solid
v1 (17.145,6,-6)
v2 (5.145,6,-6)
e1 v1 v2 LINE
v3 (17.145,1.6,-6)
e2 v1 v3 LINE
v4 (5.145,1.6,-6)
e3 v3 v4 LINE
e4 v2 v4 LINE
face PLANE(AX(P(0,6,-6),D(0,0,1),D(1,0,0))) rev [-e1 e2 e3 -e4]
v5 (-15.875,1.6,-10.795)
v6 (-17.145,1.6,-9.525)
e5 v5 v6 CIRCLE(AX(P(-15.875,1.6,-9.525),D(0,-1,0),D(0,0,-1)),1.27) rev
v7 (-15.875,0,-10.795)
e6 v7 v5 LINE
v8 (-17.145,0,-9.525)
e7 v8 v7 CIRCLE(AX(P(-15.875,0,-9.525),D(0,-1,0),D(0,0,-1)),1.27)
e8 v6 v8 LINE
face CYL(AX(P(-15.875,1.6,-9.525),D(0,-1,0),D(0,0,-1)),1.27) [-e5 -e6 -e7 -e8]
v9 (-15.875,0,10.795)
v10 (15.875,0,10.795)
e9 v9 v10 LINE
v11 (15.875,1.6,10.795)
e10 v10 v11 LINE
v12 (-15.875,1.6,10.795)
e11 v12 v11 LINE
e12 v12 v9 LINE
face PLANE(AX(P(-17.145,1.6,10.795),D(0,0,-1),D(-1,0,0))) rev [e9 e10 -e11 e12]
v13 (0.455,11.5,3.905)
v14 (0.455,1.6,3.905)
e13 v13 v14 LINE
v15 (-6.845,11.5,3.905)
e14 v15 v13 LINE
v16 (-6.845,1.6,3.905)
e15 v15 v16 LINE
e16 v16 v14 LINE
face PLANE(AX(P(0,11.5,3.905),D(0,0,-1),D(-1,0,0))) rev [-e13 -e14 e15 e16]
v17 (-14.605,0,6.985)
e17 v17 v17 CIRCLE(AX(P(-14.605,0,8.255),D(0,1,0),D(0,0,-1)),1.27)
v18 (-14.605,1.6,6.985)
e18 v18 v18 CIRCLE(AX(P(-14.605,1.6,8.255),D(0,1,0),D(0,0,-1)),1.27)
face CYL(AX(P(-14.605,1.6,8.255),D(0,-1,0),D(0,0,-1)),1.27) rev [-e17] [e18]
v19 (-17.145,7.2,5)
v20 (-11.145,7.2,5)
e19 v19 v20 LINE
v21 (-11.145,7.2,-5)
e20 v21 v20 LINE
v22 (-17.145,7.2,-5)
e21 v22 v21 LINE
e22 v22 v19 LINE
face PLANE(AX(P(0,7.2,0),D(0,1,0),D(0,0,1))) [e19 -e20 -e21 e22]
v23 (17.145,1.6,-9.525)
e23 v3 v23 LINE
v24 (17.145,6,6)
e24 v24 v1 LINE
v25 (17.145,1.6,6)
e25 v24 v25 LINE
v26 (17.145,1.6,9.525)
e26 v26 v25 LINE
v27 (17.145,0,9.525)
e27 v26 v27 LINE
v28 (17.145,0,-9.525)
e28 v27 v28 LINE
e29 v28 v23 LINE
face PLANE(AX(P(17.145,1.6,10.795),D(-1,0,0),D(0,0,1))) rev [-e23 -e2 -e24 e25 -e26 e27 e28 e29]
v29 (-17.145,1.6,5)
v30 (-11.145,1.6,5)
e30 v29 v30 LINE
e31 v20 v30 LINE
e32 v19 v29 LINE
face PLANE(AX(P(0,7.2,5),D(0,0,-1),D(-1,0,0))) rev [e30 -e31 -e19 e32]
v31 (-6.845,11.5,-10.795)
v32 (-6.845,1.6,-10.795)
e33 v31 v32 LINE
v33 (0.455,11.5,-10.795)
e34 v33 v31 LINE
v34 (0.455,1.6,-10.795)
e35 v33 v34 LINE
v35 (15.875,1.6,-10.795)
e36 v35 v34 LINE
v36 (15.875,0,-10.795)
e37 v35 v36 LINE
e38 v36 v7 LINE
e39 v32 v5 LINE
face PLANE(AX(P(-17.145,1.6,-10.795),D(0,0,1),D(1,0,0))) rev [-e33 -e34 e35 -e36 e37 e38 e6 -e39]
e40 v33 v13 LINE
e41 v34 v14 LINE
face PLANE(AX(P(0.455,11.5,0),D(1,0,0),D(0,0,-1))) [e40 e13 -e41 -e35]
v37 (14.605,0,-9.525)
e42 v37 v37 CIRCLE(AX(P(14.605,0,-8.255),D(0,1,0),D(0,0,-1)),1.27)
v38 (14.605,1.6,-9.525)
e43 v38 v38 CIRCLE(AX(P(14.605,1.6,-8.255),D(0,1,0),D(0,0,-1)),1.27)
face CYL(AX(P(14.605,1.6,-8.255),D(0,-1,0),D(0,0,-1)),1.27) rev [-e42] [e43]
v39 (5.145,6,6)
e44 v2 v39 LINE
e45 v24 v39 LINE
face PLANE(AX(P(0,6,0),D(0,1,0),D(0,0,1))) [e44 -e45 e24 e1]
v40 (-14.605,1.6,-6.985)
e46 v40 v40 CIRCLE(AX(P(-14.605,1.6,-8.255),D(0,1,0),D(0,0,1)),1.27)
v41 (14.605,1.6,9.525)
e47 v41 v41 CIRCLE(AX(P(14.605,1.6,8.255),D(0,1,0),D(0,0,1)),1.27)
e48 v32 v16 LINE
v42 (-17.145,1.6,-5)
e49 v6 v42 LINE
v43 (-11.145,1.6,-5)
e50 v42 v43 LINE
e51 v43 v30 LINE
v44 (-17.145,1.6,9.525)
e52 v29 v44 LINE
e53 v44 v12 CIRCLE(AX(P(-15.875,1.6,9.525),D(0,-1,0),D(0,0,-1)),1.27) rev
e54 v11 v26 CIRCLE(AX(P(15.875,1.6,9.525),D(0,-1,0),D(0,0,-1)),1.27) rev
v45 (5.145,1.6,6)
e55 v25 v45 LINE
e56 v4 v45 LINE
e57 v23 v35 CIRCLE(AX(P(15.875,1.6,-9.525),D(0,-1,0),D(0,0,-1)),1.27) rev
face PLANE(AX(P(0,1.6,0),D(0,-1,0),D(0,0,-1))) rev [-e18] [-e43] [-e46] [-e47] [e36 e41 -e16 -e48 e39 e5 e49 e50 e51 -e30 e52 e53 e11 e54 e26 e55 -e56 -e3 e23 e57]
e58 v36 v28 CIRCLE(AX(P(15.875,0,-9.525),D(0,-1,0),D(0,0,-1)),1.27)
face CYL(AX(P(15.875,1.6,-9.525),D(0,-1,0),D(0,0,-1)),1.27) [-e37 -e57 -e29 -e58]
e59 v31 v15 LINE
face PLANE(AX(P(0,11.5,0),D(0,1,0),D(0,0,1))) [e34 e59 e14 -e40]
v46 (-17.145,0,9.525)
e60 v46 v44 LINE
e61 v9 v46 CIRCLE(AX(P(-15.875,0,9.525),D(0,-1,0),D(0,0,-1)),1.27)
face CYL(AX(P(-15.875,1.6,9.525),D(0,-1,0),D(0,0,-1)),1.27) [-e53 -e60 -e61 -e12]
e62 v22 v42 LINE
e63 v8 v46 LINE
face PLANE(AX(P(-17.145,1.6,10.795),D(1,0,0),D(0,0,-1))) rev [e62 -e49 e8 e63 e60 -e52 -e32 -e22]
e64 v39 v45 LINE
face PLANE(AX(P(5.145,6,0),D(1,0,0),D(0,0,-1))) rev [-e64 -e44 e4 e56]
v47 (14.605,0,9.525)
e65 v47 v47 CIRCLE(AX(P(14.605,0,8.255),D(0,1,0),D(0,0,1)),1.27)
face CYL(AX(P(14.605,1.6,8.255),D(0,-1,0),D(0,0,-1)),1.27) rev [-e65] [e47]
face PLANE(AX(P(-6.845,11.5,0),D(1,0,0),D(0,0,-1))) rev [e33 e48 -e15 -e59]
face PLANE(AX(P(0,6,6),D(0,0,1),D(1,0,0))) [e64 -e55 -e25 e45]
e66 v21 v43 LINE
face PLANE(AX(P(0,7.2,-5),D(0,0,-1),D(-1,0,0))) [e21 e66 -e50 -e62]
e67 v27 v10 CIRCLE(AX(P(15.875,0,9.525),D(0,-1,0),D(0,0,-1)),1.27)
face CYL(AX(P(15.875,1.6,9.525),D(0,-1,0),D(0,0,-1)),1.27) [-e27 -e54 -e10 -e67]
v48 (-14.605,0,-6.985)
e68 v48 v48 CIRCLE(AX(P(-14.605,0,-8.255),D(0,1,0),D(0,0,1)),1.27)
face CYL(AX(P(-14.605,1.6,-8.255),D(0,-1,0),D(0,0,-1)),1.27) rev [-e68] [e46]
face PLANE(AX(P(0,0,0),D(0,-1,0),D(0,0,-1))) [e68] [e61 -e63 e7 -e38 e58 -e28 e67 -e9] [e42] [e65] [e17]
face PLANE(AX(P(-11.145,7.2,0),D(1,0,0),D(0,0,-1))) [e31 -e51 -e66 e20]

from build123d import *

# Parameters (mm, degrees)
SKETCH2_W                 = 34.29
SKETCH2_H                 = 21.59
SKETCH2_R                 = 1.27
PCB_DEPTH                 = 1.6
FILLET1_R                 = 1.27
SKETCH3_W                 = 6
SKETCH3_H                 = 10
CONTROL_CONNECTOR_DEPTH   = 5.6
SKETCH3_3_W               = 12
SKETCH3_3_H               = 12
ELECTRODE_CONNECTOR_DEPTH = 4.4
SKETCH3_4_W               = 7.3
SKETCH3_4_H               = 14.7
RELAY_DEPTH               = 9.9


with BuildPart() as part:
    # Sketch2 → PCB (new body)
    with BuildSketch(Plane(origin=(0, 0, 0), x_dir=(1, 0, 0), z_dir=(0, 1, 0))):
        Rectangle(SKETCH2_W, SKETCH2_H)
        with Locations((-14.605, 8.255)):
            Circle(SKETCH2_R, mode=Mode.SUBTRACT)
        with Locations((14.605, 8.255)):
            Circle(SKETCH2_R, mode=Mode.SUBTRACT)
        with Locations((14.605, -8.255)):
            Circle(SKETCH2_R, mode=Mode.SUBTRACT)
        with Locations((-14.605, -8.255)):
            Circle(SKETCH2_R, mode=Mode.SUBTRACT)
    extrude(amount=PCB_DEPTH)

    # Fillet1
    fillet1_edges = [part.edges().sort_by_distance(p)[0] for p in [
        (-17.145, 0.8, -10.795),
        (17.145, 0.8, -10.795),
        (17.145, 0.8, 10.795),
        (-17.145, 0.8, 10.795),
    ]]
    fillet(fillet1_edges, radius=FILLET1_R)

    # Sketch3 → Control_connector (add)
    with BuildSketch(Plane(origin=(0, 1.6, 0), x_dir=(1, 0, 0), z_dir=(0, 1, 0))):
        with Locations((-14.145, 0)):
            Rectangle(SKETCH3_W, SKETCH3_H)
    extrude(amount=CONTROL_CONNECTOR_DEPTH)

    # Sketch3<3> → Electrode_connector (add)
    with BuildSketch(Plane(origin=(0, 1.6, 0), x_dir=(1, 0, 0), z_dir=(0, 1, 0))):
        with Locations((11.145, 0)):
            Rectangle(SKETCH3_3_W, SKETCH3_3_H)
    extrude(amount=ELECTRODE_CONNECTOR_DEPTH)

    # Sketch3<4> → Relay (add)
    with BuildSketch(Plane(origin=(0, 1.6, 0), x_dir=(1, 0, 0), z_dir=(0, 1, 0))):
        with Locations((-3.195, 3.445)):
            Rectangle(SKETCH3_4_W, SKETCH3_4_H)
    extrude(amount=RELAY_DEPTH)


solid = part.part
